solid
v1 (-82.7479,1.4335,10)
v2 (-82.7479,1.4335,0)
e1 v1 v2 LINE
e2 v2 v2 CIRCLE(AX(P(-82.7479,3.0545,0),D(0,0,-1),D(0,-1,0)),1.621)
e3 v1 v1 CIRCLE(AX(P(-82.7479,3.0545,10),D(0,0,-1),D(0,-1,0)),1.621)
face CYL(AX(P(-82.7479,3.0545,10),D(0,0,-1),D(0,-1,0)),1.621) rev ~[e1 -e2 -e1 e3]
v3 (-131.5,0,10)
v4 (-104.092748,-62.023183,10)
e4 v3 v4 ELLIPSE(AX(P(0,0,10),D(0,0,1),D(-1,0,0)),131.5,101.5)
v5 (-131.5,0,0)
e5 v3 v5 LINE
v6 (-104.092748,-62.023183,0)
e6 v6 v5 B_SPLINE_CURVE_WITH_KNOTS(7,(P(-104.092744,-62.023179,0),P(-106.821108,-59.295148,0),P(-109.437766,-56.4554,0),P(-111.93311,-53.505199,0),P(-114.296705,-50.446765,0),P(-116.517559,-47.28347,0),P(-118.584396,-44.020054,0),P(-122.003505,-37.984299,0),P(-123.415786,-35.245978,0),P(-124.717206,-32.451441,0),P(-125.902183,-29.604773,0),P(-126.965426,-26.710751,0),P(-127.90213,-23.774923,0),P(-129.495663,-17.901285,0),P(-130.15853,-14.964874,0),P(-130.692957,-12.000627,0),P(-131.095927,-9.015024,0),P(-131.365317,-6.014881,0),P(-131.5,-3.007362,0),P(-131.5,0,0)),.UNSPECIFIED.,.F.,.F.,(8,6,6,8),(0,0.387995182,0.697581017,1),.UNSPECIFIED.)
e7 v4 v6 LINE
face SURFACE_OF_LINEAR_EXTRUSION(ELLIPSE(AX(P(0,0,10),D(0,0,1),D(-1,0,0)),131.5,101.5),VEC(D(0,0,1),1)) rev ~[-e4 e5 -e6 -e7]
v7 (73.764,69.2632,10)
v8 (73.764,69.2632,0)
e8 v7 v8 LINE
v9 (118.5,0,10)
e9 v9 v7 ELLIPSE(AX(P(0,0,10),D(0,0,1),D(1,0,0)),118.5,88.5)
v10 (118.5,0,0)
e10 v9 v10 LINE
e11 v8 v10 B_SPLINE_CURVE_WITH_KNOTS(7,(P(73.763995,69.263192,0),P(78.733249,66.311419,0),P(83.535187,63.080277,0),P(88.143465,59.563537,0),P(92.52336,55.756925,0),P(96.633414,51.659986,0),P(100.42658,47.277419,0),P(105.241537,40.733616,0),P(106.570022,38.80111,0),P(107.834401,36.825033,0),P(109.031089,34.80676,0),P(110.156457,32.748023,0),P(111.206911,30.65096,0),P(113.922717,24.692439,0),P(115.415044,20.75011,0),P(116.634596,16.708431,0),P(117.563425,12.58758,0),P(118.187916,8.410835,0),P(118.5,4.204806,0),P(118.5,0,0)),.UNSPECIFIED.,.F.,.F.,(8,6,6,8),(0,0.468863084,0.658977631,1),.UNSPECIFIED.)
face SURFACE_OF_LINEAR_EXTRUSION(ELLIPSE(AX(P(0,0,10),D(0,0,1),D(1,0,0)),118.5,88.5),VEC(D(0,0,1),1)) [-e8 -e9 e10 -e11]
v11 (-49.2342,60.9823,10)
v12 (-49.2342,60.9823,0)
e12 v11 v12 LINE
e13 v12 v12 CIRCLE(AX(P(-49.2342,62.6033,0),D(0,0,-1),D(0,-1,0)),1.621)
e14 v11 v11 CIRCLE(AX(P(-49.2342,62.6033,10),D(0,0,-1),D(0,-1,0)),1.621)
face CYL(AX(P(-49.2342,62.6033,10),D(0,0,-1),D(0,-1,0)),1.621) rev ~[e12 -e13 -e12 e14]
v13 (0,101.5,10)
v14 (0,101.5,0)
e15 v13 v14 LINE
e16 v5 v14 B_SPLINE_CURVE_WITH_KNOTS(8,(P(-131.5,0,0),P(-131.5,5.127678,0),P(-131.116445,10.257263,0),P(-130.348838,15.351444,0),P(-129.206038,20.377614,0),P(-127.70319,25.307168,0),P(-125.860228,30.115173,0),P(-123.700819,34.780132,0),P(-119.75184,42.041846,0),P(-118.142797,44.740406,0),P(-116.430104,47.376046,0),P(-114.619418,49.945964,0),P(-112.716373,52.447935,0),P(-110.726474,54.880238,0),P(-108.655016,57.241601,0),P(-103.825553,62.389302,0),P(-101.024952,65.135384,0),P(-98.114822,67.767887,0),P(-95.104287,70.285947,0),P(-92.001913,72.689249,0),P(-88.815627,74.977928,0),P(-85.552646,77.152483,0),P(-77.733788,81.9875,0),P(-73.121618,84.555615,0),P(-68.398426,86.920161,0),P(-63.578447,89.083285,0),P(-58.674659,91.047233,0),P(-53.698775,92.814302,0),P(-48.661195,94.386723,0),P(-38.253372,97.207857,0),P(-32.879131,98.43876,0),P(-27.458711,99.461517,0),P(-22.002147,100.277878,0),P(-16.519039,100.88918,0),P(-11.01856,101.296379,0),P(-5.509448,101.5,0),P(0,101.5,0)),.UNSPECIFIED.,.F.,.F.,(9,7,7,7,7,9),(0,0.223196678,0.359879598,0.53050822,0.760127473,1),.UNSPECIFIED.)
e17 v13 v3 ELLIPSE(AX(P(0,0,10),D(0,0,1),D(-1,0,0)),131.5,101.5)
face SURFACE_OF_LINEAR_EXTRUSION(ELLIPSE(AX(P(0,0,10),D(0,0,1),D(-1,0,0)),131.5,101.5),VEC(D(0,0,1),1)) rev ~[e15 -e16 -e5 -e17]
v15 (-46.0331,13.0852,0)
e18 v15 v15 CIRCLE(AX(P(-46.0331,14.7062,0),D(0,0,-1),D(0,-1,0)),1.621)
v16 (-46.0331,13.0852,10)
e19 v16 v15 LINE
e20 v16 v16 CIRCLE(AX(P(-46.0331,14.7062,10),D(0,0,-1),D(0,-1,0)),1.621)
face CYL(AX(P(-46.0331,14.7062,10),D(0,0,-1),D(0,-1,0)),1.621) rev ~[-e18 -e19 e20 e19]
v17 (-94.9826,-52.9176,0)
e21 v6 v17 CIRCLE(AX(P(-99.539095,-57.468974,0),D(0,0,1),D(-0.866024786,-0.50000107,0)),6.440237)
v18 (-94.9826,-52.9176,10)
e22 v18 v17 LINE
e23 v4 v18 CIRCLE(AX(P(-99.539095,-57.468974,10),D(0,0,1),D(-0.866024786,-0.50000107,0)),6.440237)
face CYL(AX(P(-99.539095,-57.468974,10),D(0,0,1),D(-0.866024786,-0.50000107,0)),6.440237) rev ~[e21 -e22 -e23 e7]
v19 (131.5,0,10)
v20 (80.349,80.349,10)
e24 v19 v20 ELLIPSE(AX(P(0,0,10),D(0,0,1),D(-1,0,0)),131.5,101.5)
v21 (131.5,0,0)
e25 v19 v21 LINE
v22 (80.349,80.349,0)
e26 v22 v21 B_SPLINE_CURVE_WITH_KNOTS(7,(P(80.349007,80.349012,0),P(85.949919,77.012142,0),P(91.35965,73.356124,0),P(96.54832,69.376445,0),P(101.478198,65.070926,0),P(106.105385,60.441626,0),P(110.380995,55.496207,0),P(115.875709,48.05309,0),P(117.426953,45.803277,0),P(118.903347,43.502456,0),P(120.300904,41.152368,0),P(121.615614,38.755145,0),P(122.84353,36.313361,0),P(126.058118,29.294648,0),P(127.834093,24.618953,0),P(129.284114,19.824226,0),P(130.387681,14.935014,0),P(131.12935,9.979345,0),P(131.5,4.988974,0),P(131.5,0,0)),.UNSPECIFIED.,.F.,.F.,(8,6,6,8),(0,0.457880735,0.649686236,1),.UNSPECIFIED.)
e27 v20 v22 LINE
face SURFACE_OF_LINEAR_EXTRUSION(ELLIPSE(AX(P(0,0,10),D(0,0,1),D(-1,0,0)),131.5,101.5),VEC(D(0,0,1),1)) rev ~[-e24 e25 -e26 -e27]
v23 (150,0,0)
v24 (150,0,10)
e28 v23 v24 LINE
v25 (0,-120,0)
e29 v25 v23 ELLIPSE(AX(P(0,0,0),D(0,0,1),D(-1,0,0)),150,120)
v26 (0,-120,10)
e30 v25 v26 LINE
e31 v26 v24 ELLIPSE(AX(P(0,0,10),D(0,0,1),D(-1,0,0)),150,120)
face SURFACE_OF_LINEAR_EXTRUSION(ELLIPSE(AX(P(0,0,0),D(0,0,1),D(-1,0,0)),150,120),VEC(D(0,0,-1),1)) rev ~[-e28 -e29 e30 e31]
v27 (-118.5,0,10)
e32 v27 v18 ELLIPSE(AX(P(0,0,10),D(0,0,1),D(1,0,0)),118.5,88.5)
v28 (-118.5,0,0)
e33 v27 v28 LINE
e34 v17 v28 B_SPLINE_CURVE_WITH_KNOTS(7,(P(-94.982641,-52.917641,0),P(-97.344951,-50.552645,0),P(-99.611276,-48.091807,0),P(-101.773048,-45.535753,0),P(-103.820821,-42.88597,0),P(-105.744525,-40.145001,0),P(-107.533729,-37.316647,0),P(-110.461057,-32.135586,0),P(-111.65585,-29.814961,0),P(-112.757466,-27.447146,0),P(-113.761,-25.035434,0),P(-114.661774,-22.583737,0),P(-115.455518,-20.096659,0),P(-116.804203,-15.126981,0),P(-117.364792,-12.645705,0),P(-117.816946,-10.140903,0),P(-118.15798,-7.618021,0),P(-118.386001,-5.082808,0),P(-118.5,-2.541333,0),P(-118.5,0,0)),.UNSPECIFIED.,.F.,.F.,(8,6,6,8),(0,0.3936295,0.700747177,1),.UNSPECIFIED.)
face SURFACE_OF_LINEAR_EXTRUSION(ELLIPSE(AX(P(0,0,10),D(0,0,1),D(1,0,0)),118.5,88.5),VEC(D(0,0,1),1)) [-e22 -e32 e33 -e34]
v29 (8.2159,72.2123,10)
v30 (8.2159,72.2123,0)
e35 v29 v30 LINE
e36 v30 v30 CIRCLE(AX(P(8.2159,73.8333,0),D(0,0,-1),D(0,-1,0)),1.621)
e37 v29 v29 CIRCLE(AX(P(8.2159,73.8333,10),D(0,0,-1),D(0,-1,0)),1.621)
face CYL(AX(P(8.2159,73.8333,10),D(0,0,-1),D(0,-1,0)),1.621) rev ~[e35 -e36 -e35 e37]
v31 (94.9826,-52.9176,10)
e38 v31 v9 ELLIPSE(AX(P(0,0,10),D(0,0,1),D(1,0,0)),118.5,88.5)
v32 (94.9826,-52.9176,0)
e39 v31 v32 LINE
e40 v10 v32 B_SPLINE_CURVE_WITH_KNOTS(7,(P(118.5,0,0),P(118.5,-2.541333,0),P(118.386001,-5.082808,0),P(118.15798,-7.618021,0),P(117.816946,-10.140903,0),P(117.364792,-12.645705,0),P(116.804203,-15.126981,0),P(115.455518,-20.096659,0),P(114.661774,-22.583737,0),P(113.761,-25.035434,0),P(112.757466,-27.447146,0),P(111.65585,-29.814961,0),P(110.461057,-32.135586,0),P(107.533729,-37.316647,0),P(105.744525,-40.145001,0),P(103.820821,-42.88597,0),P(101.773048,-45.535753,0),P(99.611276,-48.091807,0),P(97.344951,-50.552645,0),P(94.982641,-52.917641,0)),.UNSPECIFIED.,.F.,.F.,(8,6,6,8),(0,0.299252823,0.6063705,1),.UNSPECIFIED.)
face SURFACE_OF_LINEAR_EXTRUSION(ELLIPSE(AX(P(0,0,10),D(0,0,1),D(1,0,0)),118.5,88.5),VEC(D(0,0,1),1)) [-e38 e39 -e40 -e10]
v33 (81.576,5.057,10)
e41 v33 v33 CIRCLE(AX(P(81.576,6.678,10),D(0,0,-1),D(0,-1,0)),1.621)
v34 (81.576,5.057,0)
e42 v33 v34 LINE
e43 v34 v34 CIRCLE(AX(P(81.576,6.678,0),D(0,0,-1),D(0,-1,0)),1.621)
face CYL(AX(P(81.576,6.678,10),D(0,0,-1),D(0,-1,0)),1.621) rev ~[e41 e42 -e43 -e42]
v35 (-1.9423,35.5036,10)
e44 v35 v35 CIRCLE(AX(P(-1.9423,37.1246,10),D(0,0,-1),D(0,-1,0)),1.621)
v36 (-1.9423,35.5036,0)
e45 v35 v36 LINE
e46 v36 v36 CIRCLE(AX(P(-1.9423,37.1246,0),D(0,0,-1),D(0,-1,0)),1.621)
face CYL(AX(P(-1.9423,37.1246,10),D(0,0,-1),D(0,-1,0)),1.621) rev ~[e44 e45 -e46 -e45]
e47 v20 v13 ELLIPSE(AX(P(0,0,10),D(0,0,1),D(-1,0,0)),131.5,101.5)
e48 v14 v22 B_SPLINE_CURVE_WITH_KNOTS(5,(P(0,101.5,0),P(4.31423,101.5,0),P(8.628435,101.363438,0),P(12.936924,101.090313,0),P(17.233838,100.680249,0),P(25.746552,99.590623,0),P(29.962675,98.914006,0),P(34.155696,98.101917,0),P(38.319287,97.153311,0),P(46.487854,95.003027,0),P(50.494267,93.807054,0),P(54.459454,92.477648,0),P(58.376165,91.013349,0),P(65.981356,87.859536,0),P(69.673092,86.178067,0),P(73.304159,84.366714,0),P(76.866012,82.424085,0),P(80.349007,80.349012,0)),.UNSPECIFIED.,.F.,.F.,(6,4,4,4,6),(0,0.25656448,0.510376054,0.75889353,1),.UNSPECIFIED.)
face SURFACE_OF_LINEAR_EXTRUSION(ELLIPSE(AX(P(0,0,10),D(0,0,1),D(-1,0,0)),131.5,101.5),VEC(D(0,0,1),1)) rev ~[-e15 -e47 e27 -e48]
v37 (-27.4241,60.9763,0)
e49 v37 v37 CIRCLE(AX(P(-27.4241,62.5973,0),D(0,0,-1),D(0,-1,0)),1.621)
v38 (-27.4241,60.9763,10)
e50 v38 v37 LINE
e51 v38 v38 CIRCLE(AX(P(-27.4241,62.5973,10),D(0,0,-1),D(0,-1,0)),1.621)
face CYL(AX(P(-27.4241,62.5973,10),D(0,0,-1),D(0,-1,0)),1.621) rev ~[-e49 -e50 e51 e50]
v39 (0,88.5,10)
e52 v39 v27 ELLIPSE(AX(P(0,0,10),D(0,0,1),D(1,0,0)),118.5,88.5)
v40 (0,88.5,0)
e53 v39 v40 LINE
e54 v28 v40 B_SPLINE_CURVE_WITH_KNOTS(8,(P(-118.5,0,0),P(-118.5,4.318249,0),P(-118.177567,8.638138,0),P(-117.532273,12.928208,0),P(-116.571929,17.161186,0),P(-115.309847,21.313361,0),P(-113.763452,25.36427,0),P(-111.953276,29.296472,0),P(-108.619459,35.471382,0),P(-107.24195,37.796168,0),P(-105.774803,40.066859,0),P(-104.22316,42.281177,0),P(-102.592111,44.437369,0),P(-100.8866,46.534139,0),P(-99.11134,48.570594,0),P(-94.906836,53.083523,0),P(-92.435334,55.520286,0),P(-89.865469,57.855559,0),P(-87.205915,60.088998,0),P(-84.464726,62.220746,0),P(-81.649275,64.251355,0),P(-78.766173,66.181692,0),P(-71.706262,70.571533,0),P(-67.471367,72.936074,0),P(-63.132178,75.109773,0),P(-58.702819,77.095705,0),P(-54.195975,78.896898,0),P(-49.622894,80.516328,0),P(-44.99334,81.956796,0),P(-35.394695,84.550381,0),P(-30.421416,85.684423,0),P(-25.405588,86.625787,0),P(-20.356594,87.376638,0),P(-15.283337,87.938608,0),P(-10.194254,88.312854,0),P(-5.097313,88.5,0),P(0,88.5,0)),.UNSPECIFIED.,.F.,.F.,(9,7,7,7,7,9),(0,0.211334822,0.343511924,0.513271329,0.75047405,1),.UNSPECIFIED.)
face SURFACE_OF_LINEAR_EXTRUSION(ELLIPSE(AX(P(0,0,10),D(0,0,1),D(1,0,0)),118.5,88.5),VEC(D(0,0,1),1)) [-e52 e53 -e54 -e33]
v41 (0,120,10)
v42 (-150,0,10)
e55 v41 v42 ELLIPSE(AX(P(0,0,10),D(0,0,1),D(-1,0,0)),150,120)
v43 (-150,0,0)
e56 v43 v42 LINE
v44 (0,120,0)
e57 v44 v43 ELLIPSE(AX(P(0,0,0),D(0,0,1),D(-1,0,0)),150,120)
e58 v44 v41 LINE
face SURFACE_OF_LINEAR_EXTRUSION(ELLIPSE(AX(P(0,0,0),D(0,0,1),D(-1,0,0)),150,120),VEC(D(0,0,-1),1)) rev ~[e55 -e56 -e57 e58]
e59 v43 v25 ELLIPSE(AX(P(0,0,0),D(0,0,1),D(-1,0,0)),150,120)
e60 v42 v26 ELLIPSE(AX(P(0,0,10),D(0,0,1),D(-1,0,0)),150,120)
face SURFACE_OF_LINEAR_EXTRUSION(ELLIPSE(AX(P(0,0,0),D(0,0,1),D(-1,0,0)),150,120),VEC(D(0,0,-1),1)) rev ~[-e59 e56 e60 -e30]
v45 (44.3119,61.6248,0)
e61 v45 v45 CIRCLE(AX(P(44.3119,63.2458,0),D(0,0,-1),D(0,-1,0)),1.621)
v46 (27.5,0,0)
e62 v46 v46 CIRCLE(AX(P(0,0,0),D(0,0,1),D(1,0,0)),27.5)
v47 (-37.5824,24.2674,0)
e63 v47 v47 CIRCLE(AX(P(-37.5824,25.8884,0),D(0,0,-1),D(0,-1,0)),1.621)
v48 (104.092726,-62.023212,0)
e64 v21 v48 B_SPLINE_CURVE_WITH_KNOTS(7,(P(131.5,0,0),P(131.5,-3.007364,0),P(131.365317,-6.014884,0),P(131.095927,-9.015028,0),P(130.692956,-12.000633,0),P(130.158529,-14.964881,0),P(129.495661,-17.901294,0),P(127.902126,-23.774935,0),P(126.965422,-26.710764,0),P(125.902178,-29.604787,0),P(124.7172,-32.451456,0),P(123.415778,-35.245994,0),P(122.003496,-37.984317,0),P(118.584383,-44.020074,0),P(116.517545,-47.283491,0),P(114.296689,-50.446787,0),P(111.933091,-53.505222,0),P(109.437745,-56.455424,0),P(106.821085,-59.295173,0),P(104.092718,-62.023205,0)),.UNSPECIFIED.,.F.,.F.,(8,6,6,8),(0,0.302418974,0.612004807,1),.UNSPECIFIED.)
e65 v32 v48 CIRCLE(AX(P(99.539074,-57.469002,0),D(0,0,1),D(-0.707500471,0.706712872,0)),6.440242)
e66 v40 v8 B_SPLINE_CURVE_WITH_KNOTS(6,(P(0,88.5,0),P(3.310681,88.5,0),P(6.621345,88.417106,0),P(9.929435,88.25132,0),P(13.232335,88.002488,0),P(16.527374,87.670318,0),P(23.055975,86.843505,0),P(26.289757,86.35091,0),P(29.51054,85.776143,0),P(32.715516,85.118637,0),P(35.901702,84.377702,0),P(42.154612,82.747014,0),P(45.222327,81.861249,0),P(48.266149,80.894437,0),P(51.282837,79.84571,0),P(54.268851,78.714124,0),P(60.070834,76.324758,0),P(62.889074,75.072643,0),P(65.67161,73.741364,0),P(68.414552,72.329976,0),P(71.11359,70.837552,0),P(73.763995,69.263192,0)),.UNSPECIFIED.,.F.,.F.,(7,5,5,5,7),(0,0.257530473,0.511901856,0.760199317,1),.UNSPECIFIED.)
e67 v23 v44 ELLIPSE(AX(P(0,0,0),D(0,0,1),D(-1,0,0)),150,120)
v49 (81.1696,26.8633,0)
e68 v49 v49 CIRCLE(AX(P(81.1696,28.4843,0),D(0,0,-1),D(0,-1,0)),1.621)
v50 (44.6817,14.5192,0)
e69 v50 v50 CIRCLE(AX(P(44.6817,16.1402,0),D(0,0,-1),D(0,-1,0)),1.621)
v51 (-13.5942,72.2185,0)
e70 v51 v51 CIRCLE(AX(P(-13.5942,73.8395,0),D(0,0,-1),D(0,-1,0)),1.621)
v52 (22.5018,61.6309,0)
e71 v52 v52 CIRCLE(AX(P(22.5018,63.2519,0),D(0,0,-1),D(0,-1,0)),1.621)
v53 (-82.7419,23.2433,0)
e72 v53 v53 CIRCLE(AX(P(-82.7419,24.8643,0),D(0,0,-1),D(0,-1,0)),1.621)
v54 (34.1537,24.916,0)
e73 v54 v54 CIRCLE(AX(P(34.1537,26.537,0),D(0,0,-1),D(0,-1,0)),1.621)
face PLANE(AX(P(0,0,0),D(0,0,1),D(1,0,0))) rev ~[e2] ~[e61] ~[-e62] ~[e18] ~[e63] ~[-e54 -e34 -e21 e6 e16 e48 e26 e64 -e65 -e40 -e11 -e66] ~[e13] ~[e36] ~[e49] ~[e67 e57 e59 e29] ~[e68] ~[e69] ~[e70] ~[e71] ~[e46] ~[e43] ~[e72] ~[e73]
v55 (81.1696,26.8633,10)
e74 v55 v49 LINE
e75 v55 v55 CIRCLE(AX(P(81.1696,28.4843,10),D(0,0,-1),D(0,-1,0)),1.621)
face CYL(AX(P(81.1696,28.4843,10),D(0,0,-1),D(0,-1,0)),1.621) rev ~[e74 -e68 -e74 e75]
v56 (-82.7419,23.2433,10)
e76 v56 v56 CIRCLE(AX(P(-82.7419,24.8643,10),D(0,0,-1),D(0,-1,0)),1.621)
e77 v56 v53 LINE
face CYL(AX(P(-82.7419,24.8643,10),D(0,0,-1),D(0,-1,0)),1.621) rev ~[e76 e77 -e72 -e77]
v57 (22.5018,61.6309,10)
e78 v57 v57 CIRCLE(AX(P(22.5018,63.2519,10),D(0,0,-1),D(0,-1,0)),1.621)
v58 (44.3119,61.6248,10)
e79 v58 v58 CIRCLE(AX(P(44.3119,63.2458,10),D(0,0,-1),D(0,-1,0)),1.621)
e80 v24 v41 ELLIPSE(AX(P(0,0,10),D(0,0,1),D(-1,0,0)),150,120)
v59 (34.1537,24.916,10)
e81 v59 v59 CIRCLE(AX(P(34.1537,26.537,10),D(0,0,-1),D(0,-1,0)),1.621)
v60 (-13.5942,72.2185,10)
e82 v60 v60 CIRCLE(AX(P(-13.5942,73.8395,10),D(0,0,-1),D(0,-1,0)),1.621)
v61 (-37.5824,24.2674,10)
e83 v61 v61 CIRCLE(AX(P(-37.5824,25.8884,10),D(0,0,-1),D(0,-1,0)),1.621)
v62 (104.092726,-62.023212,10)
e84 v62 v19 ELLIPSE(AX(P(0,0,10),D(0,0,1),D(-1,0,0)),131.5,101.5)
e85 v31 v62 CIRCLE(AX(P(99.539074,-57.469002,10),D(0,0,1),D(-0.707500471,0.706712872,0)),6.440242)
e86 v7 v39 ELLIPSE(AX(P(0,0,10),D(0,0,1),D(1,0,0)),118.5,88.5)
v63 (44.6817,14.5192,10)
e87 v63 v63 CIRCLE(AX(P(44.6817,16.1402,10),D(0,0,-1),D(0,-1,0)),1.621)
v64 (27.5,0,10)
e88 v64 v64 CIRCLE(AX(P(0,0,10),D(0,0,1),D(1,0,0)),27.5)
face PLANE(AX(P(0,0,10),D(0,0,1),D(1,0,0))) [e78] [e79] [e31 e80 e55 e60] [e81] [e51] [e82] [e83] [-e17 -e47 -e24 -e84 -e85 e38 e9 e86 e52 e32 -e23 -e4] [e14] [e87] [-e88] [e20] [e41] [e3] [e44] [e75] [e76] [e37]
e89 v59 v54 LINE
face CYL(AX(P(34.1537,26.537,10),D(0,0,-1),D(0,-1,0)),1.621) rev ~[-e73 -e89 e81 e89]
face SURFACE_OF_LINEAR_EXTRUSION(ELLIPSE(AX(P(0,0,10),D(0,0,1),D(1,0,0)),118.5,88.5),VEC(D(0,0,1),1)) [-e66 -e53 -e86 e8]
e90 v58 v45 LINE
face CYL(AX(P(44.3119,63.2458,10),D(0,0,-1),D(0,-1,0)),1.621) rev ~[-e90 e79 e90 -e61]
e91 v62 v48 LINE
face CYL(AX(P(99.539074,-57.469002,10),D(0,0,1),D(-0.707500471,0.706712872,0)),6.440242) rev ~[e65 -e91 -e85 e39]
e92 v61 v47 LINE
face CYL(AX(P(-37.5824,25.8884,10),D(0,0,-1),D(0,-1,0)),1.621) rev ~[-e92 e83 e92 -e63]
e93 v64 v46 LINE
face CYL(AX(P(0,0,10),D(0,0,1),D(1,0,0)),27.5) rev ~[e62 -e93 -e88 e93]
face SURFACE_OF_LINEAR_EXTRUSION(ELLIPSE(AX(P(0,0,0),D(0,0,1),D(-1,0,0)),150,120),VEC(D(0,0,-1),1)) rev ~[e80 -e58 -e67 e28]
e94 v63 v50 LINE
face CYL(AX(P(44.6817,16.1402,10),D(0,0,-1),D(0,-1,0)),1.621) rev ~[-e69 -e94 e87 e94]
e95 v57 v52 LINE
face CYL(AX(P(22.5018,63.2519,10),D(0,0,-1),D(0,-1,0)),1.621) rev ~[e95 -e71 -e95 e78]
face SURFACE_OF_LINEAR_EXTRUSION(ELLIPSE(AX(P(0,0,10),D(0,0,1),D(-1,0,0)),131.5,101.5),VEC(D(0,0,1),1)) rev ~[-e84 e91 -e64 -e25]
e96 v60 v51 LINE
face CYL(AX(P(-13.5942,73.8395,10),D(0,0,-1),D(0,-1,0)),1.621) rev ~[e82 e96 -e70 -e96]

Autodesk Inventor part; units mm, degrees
ref_plane "YZ Plane" through (0, 0, 0) normal (1, 0, 0) x (0, 1, 0)
ref_plane "XZ Plane" through (0, 0, 0) normal (0, 1, 0) x (-1, 0, 0)
ref_plane "XY Plane" through (0, 0, 0) normal (0, 0, 1) x (1, 0, 0)
sketch "Skizze1" plane through (0, 0, 0) normal (0, 0, 1) x (1, 0, 0)
  line L0 (-210, 0) -> (210, 0) projected
  line L1 (0, -168) -> (0, 168) projected
  ellipse E0 centre (0, 0) end of major axis (-150, 0) minor radius 120
  line L2 (0, 120) -> (0, -120) construction
  line L3 (-150, 0) -> (150, 0) construction
  dimension "d0" = 300
  dimension "d1" = 240
extrude "Extrusion1" add sketch "Skizze1" along normal blind 10
sketch "Skizze2" plane through (0, 0, 10) normal (0, 0, 1) x (1, 0, 0)
  ellipse E0 centre (0, 0) end of major axis (-150, 0) minor radius 120 projected
  line L0 (0, -168) -> (0, 168) projected
  line L1 (-210, 0) -> (210, 0) projected
  line L2 (-131.5, 0) -> (131.5, 0)
  line L3 (0, 101.5) -> (0, -101.5)
  ellipse E1 centre (0, 0) end of major axis (-131.5, 0) minor radius 101.5
  line L4 (0, 0) -> (-105.3012, -60.7957) construction
  line L5 (0, 0) -> (105.3012, -60.7957) construction
  ellipse E2 centre (0, 0) end of major axis (118.5, 0) minor radius 88.5
  line L6 (0, 0) -> (80.349, 80.349) construction
  line L7 (80.349, 80.349) -> (73.764, 69.2632)
  line L8 (67.3414, 73.0783) -> (84.3123, 62.9974)
  arc A0 (94.9826, -52.9176) -> (105.1165, -60.6891) centre (99.5391, -57.469) ccw
  arc A1 (-105.1165, -60.6891) -> (-94.9826, -52.9176) centre (-99.5391, -57.469) ccw
  point P0 (0, 120)
  point P1 (150, 0)
  point P2 (-150, 0)
  point P3 (0, -120)
  point P4 (118.5, 0)
  point P5 (-96, 0)
  point P6 (0, 88.5)
  point P7 (-104.0928, -62.0231)
  point P8 (104.0928, -62.0231)
  dimension "d7" = 18.5
  dimension "d8" = 18.5
  dimension "d9" = 31.5
  dimension "d10" = 31.5
  dimension "d11" = 45
  dimension "d12" = 90
  dimension "d13" = 12.8941
  dimension "d14" = 30
  dimension "d15" = 30
extrude "Extrusion2" cut sketch "Skizze2" against normal through all contours E1 L0 E2 L1 | L1 E2 A1 E1 | E1 L7 E2 L0 | E1 A0 E2 L1 | L1 E2 L7 E1
sketch "Skizze4" plane through (0, 0, 10) normal (0, 0, 1) x (1, 0, 0)
  circle A0 centre (0, 0) radius 27.5 projected
extrude "Extrusion4" cut sketch "Skizze4" against normal through all
sketch "Skizze5" plane through (0, 0, 10) normal (0, 0, 1) x (1, 0, 0)
  circle A0 centre (44.6817, 16.1402) radius 2.2 projected
  circle A1 centre (81.576, 6.678) radius 2.2 projected
  circle A2 centre (81.1696, 28.4843) radius 2.2 projected
  circle A3 centre (34.1537, 26.537) radius 2.2 projected
  circle A4 centre (-1.9423, 37.1246) radius 2.2 projected
  circle A5 centre (-37.5824, 25.8884) radius 2.2 projected
  circle A6 centre (-46.0331, 14.7062) radius 2.2 projected
  circle A7 centre (-82.7479, 3.0545) radius 2.1998 projected
  circle A8 centre (-82.7419, 24.8643) radius 2.1999 projected
  circle A9 centre (-49.2342, 62.6033) radius 2.2 projected
  circle A10 centre (-27.4241, 62.5973) radius 2.2 projected
  circle A11 centre (-13.5942, 73.8395) radius 2.2001 projected
  circle A12 centre (8.2159, 73.8333) radius 2.2 projected
  circle A13 centre (22.5018, 63.2519) radius 2.2 projected
  circle A14 centre (44.3119, 63.2458) radius 2.2 projected
  point P0 (0, 0)
hole "Bohrung1" at (81.576, 6.678, 10) at (81.1696, 28.4843, 10) at (44.6817, 16.1402, 10) at (34.1537, 26.537, 10) at (-1.9423, 37.1246, 10) at (8.2159, 73.8333, 10) at (-13.5942, 73.8395, 10) at (22.5018, 63.2519, 10) at (44.3119, 63.2458, 10) at (-27.4241, 62.5973, 10) at (-49.2342, 62.6033, 10) at (-37.5824, 25.8884, 10) at (-46.0331, 14.7062, 10) at (-82.7479, 3.0545, 10) at (-82.7419, 24.8643, 10) direction (0, 0, -1) diameter 3.242 end through all thread size "M4x0.7" class "6H" standard "ISO Metric profile"
sketch "Skizze6" plane through (0, 0, 0) normal (0, 0, -1) x (-1, 0, 0)
  point P0 (0, 0)
equation "\"d8\" = d7"
equation "\"d10\" = d9"
properties part number "24_0497_002" material "LCP-Kunststoff"
